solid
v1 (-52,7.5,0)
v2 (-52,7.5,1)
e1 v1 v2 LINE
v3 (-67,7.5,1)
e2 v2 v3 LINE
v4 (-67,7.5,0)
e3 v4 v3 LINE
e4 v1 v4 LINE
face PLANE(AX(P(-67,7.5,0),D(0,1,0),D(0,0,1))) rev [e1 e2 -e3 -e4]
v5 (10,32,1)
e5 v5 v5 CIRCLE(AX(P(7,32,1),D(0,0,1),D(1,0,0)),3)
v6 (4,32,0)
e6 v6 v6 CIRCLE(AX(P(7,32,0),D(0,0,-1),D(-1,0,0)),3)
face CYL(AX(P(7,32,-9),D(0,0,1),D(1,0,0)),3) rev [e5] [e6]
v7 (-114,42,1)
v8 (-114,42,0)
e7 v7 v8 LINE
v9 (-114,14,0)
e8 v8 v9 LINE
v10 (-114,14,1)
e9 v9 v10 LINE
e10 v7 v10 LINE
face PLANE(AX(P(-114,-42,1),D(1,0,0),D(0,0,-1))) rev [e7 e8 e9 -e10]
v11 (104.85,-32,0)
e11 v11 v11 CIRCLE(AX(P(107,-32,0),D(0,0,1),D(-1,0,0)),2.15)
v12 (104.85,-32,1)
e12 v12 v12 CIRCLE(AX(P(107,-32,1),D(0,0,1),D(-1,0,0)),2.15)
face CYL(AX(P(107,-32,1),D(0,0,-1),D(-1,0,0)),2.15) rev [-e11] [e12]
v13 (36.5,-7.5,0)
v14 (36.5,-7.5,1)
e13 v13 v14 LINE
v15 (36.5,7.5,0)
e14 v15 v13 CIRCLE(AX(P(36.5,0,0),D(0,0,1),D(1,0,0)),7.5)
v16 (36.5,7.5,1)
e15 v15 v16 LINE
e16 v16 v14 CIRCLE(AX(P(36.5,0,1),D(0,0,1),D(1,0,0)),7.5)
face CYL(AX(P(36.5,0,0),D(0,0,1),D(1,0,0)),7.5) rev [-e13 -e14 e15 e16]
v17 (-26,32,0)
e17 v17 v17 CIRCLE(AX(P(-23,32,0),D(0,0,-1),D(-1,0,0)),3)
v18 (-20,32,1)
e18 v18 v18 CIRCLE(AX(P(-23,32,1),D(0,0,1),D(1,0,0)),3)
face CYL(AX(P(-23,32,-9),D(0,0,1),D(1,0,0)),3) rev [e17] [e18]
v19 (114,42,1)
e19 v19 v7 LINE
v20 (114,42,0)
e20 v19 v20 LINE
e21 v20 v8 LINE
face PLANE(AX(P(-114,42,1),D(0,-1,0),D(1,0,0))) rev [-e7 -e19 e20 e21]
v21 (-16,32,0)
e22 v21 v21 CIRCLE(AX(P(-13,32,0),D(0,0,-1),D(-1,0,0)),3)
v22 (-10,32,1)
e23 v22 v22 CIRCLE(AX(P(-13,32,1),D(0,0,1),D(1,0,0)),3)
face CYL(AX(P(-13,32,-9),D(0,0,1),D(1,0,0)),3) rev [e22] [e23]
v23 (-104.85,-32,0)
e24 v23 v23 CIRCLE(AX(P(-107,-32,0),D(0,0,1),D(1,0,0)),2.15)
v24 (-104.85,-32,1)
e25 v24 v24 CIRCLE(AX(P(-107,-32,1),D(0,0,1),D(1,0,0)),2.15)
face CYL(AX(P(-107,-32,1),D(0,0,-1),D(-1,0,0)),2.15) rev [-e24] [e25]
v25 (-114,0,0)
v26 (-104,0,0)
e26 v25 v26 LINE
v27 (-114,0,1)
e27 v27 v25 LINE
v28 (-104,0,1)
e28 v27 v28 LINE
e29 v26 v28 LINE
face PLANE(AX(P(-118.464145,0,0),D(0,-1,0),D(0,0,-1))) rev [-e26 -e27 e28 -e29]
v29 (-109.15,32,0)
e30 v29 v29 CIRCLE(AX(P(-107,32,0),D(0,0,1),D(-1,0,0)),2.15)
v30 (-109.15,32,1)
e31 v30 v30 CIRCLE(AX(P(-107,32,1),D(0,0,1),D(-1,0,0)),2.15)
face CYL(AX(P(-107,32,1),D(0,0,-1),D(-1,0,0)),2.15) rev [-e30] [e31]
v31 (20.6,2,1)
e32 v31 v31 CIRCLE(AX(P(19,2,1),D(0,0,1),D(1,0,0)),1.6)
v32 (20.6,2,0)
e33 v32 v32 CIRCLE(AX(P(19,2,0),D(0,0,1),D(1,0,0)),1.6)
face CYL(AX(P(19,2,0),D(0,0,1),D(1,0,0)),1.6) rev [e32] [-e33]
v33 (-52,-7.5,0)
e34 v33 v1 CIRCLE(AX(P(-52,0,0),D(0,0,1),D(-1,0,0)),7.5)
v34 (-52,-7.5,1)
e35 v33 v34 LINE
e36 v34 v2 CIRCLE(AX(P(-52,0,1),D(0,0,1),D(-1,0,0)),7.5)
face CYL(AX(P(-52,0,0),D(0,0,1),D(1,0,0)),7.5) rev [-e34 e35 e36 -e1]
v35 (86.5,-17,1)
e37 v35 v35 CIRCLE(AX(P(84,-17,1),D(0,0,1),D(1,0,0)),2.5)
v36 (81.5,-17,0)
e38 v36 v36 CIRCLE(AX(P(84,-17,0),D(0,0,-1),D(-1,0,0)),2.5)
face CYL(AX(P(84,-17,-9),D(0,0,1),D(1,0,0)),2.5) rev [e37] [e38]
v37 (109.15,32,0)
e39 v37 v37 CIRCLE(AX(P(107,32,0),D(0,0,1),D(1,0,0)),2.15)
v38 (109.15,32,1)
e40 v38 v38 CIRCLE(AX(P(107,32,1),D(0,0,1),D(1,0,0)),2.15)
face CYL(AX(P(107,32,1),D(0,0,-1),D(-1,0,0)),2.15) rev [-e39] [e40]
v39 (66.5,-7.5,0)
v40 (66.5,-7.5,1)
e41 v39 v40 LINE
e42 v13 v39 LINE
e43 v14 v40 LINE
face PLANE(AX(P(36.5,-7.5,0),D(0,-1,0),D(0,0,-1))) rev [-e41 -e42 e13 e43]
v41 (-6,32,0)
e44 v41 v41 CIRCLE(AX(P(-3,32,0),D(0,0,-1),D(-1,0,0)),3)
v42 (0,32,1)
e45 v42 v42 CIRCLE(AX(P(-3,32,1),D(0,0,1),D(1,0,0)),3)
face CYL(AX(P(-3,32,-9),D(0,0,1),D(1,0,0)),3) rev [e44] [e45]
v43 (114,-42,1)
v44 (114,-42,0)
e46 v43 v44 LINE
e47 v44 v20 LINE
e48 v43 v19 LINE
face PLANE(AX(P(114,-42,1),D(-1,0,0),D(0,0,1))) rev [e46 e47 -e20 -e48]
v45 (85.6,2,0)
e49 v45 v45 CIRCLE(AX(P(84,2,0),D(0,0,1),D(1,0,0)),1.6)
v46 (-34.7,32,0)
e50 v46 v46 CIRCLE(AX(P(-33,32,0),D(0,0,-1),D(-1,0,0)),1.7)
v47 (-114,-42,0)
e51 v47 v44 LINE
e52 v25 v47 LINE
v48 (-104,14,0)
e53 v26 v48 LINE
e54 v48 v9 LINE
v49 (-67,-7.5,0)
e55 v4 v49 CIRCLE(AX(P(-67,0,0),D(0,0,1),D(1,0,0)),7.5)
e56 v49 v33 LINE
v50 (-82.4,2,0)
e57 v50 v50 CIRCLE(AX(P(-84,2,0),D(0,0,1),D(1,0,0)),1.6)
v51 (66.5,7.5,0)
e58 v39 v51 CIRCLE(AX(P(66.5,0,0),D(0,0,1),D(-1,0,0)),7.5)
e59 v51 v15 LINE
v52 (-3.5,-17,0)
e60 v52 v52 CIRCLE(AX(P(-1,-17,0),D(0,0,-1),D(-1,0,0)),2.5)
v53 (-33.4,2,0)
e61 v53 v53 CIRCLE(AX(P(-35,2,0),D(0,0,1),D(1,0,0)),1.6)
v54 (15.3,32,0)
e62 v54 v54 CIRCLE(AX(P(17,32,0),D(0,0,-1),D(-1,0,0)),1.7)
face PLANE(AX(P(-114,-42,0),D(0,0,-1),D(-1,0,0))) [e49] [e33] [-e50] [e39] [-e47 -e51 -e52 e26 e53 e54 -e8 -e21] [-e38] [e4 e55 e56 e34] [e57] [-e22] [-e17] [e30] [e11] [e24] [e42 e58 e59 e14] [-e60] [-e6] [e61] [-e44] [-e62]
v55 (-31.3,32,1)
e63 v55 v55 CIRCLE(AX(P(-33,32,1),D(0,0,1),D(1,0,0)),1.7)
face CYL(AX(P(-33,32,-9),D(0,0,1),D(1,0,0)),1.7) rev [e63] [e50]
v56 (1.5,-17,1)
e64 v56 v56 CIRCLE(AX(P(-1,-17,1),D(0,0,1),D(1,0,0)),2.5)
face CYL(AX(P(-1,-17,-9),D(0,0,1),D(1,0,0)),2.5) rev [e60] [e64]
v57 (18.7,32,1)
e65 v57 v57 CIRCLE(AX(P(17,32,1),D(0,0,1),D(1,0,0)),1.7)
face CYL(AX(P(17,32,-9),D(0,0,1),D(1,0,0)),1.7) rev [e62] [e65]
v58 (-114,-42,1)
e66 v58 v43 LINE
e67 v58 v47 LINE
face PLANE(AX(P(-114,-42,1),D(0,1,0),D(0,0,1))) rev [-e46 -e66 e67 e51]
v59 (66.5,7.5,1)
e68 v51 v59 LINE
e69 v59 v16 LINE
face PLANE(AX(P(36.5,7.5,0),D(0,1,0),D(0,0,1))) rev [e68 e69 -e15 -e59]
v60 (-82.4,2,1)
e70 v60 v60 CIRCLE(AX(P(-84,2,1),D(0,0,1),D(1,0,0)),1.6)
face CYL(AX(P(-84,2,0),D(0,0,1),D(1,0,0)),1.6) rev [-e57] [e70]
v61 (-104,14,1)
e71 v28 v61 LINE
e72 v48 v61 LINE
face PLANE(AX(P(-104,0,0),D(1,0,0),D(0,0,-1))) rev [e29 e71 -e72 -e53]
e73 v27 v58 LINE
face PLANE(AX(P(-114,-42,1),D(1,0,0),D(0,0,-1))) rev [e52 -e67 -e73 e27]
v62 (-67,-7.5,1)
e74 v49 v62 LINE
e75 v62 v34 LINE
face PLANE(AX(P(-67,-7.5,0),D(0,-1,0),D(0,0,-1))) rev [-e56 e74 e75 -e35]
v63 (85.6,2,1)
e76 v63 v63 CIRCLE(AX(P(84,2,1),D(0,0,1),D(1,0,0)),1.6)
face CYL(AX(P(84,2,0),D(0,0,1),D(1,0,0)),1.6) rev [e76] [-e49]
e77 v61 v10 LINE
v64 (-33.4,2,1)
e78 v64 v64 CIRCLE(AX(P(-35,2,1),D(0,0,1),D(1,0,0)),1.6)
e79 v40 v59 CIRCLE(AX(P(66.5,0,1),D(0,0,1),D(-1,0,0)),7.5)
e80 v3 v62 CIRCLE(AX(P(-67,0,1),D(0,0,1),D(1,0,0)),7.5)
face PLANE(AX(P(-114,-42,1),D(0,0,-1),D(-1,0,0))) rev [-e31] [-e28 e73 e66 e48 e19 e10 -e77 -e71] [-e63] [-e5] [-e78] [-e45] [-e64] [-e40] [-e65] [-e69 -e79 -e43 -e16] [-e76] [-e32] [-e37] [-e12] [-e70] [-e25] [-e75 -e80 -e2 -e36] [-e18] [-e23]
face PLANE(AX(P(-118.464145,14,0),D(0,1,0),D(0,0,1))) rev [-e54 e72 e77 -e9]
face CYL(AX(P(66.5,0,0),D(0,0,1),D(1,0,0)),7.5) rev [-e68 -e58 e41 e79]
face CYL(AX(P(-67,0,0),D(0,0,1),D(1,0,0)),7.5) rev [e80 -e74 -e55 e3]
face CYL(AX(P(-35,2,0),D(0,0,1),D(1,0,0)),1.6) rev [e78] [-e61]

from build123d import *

# Parameters (mm, degrees)
SKETCH_1_W          = 228
SKETCH_1_H          = 84
SKETCH_1_R          = 2.15
EXTRUDE_1_DEPTH     = 1
SKETCH_4_R          = 1.6
SKETCH_4_W          = 14.464145402
SKETCH_4_H          = 14
CUT_EXTRUDE_2_DEPTH = 1
SKETCH_5_R          = 1.7
SKETCH_5_R_2        = 3
SKETCH_5_R_3        = 2.5
CUT_EXTRUDE_3_DEPTH = 10


with BuildPart() as part:
    # Эскиз1 → Вытянуть1 (new body)
    with BuildSketch(Plane.XY):
        Rectangle(SKETCH_1_W, SKETCH_1_H)
        with Locations((107, 32)):
            Circle(SKETCH_1_R, mode=Mode.SUBTRACT)
        with Locations(Location((-107, 32, 0), (0, 0, 180))):
            Circle(SKETCH_1_R, mode=Mode.SUBTRACT)
        with Locations((-107, -32)):
            Circle(SKETCH_1_R, mode=Mode.SUBTRACT)
        with Locations(Location((107, -32, 0), (0, 0, 180))):
            Circle(SKETCH_1_R, mode=Mode.SUBTRACT)
    extrude(amount=EXTRUDE_1_DEPTH)

    # Эскиз4 → Вырез-Вытянуть2 (cut)
    with BuildSketch(Plane.XY.offset(1)):
        with Locations((19, 2)):
            Circle(SKETCH_4_R)
        with Locations((84, 2)):
            Circle(SKETCH_4_R)
        with Locations((-84, 2)):
            Circle(SKETCH_4_R)
        with Locations((-35, 2)):
            Circle(SKETCH_4_R)
        with BuildLine():
            Line((36.5, 7.5), (66.5, 7.5))
            ThreePointArc((66.5, 7.5), (74, 0), (66.5, -7.5))
            Line((66.5, -7.5), (36.5, -7.5))
            ThreePointArc((36.5, -7.5), (29, 0), (36.5, 7.5))
        make_face()
        with BuildLine():
            Line((-67, 7.5), (-52, 7.5))
            ThreePointArc((-52, 7.5), (-44.5, 0), (-52, -7.5))
            Line((-52, -7.5), (-67, -7.5))
            ThreePointArc((-67, -7.5), (-74.5, 0), (-67, 7.5))
        make_face()
        with Locations((-111.232072701, 7)):
            Rectangle(SKETCH_4_W, SKETCH_4_H)
    extrude(amount=-CUT_EXTRUDE_2_DEPTH, mode=Mode.SUBTRACT)

    # Эскиз5 → Вырез-Вытянуть3 (cut)
    with BuildSketch(Plane.XY.offset(1)):
        with Locations((-33, 32)):
            Circle(SKETCH_5_R)
        with Locations((17, 32)):
            Circle(SKETCH_5_R)
        with Locations((7, 32)):
            Circle(SKETCH_5_R_2)
        with Locations((-3, 32)):
            Circle(SKETCH_5_R_2)
        with Locations((-13, 32)):
            Circle(SKETCH_5_R_2)
        with Locations((-23, 32)):
            Circle(SKETCH_5_R_2)
        with Locations((-1, -17)):
            Circle(SKETCH_5_R_3)
        with Locations((84, -17)):
            Circle(SKETCH_5_R_3)
    extrude(amount=-CUT_EXTRUDE_3_DEPTH, mode=Mode.SUBTRACT)


solid = part.part
